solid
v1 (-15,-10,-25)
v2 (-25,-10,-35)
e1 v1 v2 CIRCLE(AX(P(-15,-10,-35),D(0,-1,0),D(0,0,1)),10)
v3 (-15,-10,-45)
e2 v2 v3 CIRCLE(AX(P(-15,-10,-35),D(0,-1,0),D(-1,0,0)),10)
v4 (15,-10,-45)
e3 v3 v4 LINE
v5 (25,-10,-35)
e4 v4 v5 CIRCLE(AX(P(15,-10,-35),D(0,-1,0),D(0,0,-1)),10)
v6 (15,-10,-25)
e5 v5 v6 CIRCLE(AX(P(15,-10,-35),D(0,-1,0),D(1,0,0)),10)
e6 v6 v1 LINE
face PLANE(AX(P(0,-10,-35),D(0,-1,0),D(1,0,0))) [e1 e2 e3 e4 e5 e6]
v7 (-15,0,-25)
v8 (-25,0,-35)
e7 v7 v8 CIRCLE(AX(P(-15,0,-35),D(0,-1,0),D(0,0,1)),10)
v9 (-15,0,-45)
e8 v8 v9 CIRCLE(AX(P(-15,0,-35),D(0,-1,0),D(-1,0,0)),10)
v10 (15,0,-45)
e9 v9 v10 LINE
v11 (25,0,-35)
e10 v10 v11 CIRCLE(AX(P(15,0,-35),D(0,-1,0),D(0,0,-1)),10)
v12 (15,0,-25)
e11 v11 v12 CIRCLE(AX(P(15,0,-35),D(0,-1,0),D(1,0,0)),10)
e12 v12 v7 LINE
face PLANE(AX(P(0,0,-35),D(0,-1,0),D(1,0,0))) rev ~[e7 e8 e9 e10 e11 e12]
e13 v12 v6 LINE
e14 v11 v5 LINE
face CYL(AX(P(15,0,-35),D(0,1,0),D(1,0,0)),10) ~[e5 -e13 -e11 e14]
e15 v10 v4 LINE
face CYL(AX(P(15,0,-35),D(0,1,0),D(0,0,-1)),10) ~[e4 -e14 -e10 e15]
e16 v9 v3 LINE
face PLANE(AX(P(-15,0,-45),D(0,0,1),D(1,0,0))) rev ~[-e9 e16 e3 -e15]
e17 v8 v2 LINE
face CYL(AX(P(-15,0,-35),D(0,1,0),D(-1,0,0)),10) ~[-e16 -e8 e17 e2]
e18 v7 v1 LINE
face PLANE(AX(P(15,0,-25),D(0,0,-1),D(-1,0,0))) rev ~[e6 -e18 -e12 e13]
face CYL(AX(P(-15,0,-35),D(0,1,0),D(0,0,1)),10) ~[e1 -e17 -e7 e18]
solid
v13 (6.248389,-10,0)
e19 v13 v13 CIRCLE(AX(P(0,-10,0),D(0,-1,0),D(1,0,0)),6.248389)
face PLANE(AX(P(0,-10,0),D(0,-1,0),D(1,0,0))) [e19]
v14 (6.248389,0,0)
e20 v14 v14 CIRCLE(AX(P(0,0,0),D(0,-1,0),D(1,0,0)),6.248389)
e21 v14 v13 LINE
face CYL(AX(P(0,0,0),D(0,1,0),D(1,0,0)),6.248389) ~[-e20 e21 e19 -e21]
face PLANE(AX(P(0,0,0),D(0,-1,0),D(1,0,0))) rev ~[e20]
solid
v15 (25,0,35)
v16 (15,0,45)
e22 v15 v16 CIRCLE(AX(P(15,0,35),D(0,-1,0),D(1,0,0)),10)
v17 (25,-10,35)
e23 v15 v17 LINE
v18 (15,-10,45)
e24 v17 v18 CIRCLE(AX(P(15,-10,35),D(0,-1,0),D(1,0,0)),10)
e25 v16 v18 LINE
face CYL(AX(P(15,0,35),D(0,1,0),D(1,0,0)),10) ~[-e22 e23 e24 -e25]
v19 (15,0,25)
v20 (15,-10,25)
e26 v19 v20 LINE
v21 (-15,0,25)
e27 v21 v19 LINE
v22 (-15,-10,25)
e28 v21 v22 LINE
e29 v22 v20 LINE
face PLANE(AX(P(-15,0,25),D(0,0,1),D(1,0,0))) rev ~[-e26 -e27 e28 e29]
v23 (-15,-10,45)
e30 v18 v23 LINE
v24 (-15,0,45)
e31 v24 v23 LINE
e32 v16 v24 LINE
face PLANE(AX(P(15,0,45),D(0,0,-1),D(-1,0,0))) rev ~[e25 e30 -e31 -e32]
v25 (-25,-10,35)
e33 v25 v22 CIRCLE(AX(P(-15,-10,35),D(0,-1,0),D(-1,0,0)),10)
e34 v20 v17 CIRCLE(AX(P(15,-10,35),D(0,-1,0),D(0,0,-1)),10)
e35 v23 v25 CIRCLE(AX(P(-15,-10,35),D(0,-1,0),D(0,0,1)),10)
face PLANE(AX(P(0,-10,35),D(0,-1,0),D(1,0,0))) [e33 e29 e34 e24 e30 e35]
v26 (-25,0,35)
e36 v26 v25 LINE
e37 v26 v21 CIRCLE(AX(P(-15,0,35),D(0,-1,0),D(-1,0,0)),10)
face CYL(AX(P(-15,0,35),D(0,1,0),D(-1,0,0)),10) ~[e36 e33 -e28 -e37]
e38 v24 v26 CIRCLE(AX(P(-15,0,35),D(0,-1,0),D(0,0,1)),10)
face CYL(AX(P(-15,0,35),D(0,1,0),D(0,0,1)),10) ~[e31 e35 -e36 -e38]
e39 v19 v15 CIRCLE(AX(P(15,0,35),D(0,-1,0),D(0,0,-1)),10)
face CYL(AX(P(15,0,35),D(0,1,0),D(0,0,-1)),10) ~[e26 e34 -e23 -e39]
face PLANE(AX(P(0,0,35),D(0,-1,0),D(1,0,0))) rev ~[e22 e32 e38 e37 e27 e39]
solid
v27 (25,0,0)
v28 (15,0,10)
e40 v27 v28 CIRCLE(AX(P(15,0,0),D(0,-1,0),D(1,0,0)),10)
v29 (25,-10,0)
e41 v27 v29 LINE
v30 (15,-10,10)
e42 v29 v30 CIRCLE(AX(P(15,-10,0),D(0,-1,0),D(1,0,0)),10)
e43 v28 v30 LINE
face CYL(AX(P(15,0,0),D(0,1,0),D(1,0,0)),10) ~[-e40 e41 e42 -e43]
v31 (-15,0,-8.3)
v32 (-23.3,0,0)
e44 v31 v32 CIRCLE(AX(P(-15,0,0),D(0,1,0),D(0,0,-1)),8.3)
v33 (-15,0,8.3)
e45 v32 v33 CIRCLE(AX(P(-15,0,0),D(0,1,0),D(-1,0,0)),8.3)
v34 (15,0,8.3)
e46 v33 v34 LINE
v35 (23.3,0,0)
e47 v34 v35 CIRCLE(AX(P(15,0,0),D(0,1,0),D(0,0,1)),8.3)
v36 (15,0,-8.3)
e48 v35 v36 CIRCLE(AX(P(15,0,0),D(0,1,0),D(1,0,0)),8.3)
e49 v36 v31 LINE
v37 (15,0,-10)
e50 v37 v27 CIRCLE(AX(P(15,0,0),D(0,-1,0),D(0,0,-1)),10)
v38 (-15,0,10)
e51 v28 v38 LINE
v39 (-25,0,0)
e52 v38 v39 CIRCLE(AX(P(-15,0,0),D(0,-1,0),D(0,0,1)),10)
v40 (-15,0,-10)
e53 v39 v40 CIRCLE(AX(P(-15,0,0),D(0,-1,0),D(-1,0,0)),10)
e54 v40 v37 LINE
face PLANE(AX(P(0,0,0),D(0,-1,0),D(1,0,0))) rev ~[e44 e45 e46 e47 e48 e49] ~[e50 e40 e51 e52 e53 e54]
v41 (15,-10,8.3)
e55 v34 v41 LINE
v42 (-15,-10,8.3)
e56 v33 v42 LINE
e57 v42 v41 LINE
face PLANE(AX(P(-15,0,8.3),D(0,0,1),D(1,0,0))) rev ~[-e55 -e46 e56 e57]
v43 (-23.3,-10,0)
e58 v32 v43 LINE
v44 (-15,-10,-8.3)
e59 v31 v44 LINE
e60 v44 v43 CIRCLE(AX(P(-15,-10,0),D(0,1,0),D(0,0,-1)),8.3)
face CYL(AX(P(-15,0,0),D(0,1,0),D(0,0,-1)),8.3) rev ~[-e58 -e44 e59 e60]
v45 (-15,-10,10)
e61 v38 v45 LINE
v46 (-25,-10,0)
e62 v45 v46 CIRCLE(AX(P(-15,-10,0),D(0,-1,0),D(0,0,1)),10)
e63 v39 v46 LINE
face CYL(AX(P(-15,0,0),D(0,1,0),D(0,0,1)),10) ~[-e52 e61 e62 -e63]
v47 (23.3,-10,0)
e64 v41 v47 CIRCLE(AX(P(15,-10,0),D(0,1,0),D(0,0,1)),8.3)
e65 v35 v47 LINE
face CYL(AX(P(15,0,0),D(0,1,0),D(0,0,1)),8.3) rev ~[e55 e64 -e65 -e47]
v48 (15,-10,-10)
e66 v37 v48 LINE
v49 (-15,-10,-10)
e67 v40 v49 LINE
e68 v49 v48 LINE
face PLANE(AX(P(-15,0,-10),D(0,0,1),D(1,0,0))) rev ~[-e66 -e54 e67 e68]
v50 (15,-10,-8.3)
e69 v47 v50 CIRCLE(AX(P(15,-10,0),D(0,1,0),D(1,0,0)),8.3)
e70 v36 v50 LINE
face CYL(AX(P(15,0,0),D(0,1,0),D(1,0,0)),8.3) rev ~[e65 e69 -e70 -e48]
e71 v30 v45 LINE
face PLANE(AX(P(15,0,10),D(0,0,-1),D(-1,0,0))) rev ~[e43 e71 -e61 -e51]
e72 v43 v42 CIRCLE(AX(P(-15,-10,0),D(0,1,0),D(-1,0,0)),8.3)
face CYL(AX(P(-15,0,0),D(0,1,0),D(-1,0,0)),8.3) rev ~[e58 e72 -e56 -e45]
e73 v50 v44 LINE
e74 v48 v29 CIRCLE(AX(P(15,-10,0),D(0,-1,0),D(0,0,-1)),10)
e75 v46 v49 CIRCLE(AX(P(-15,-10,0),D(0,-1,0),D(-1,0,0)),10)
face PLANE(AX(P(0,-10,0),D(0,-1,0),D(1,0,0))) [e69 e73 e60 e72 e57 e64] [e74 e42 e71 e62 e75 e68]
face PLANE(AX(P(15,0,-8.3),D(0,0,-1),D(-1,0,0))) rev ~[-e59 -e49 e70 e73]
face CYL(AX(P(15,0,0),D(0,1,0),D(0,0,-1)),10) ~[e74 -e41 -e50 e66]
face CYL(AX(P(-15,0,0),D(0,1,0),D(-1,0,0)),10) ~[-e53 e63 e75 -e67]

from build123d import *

# Parameters (mm, degrees)
F1_DEPTH = 10
F0_R     = 6.2483887498


with BuildPart() as f1:
    # F0 (on Front) → F1 (new body)
    with BuildSketch(Plane.XZ):
        with BuildLine():
            Line((-15, 25), (15, 25))
            ThreePointArc((15, 25), (22.0710678119, 27.9289321881), (25, 35))
            ThreePointArc((25, 35), (22.0710678119, 42.0710678119), (15, 45))
            Line((15, 45), (-15, 45))
            ThreePointArc((-15, 45), (-22.0710678119, 42.0710678119), (-25, 35))
            ThreePointArc((-25, 35), (-22.0710678119, 27.9289321881), (-15, 25))
        make_face()
    extrude(amount=F1_DEPTH)


with BuildPart() as f1b:
    # F0 (on Front) → F1, piece 2 (new body)
    with BuildSketch(Plane.XZ):
        Circle(F0_R)
    extrude(amount=F1_DEPTH)


with BuildPart() as f1c:
    # F0 (on Front) → F1, piece 3 (new body)
    with BuildSketch(Plane.XZ):
        with BuildLine():
            ThreePointArc((25, 0), (22.0710678119, 7.0710678119), (15, 10))
            Line((15, 10), (-15, 10))
            ThreePointArc((-15, 10), (-22.0710678119, 7.0710678119), (-25, 0))
            ThreePointArc((-25, 0), (-22.0710678119, -7.0710678119), (-15, -10))
            Line((-15, -10), (10.1771699265, -10))
            Line((10.1771699265, -10), (15, -10))
            ThreePointArc((15, -10), (22.0710678119, -7.0710678119), (25, 0))
        make_face()
        with BuildLine():
            ThreePointArc((15, 8.2999998704), (20.8689861922, 5.8689861922), (23.2999998704, 0))
            ThreePointArc((23.2999998704, 0), (20.8689861922, -5.8689861922), (15, -8.2999998704))
            Line((15, -8.2999998704), (-15, -8.2999998704))
            ThreePointArc((-15, -8.2999998704), (-20.8689861922, -5.8689861922), (-23.2999998704, 0))
            ThreePointArc((-23.2999998704, 0), (-20.8689861922, 5.8689861922), (-15, 8.2999998704))
            Line((-15, 8.2999998704), (15, 8.2999998704))
        make_face(mode=Mode.SUBTRACT)
    extrude(amount=F1_DEPTH)


with BuildPart() as f1d:
    # F0 (on Front) → F1, piece 4 (new body)
    with BuildSketch(Plane.XZ):
        with BuildLine():
            ThreePointArc((15, -45), (22.0710678119, -42.0710678119), (25, -35))
            ThreePointArc((25, -35), (22.0710678119, -27.9289321881), (15, -25))
            Line((15, -25), (-15, -25))
            ThreePointArc((-15, -25), (-22.0710678119, -27.9289321881), (-25, -35))
            ThreePointArc((-25, -35), (-22.0710678119, -42.0710678119), (-15, -45))
            Line((-15, -45), (15, -45))
        make_face()
    extrude(amount=F1_DEPTH)


solid = Compound([f1.part, f1b.part, f1c.part, f1d.part])
